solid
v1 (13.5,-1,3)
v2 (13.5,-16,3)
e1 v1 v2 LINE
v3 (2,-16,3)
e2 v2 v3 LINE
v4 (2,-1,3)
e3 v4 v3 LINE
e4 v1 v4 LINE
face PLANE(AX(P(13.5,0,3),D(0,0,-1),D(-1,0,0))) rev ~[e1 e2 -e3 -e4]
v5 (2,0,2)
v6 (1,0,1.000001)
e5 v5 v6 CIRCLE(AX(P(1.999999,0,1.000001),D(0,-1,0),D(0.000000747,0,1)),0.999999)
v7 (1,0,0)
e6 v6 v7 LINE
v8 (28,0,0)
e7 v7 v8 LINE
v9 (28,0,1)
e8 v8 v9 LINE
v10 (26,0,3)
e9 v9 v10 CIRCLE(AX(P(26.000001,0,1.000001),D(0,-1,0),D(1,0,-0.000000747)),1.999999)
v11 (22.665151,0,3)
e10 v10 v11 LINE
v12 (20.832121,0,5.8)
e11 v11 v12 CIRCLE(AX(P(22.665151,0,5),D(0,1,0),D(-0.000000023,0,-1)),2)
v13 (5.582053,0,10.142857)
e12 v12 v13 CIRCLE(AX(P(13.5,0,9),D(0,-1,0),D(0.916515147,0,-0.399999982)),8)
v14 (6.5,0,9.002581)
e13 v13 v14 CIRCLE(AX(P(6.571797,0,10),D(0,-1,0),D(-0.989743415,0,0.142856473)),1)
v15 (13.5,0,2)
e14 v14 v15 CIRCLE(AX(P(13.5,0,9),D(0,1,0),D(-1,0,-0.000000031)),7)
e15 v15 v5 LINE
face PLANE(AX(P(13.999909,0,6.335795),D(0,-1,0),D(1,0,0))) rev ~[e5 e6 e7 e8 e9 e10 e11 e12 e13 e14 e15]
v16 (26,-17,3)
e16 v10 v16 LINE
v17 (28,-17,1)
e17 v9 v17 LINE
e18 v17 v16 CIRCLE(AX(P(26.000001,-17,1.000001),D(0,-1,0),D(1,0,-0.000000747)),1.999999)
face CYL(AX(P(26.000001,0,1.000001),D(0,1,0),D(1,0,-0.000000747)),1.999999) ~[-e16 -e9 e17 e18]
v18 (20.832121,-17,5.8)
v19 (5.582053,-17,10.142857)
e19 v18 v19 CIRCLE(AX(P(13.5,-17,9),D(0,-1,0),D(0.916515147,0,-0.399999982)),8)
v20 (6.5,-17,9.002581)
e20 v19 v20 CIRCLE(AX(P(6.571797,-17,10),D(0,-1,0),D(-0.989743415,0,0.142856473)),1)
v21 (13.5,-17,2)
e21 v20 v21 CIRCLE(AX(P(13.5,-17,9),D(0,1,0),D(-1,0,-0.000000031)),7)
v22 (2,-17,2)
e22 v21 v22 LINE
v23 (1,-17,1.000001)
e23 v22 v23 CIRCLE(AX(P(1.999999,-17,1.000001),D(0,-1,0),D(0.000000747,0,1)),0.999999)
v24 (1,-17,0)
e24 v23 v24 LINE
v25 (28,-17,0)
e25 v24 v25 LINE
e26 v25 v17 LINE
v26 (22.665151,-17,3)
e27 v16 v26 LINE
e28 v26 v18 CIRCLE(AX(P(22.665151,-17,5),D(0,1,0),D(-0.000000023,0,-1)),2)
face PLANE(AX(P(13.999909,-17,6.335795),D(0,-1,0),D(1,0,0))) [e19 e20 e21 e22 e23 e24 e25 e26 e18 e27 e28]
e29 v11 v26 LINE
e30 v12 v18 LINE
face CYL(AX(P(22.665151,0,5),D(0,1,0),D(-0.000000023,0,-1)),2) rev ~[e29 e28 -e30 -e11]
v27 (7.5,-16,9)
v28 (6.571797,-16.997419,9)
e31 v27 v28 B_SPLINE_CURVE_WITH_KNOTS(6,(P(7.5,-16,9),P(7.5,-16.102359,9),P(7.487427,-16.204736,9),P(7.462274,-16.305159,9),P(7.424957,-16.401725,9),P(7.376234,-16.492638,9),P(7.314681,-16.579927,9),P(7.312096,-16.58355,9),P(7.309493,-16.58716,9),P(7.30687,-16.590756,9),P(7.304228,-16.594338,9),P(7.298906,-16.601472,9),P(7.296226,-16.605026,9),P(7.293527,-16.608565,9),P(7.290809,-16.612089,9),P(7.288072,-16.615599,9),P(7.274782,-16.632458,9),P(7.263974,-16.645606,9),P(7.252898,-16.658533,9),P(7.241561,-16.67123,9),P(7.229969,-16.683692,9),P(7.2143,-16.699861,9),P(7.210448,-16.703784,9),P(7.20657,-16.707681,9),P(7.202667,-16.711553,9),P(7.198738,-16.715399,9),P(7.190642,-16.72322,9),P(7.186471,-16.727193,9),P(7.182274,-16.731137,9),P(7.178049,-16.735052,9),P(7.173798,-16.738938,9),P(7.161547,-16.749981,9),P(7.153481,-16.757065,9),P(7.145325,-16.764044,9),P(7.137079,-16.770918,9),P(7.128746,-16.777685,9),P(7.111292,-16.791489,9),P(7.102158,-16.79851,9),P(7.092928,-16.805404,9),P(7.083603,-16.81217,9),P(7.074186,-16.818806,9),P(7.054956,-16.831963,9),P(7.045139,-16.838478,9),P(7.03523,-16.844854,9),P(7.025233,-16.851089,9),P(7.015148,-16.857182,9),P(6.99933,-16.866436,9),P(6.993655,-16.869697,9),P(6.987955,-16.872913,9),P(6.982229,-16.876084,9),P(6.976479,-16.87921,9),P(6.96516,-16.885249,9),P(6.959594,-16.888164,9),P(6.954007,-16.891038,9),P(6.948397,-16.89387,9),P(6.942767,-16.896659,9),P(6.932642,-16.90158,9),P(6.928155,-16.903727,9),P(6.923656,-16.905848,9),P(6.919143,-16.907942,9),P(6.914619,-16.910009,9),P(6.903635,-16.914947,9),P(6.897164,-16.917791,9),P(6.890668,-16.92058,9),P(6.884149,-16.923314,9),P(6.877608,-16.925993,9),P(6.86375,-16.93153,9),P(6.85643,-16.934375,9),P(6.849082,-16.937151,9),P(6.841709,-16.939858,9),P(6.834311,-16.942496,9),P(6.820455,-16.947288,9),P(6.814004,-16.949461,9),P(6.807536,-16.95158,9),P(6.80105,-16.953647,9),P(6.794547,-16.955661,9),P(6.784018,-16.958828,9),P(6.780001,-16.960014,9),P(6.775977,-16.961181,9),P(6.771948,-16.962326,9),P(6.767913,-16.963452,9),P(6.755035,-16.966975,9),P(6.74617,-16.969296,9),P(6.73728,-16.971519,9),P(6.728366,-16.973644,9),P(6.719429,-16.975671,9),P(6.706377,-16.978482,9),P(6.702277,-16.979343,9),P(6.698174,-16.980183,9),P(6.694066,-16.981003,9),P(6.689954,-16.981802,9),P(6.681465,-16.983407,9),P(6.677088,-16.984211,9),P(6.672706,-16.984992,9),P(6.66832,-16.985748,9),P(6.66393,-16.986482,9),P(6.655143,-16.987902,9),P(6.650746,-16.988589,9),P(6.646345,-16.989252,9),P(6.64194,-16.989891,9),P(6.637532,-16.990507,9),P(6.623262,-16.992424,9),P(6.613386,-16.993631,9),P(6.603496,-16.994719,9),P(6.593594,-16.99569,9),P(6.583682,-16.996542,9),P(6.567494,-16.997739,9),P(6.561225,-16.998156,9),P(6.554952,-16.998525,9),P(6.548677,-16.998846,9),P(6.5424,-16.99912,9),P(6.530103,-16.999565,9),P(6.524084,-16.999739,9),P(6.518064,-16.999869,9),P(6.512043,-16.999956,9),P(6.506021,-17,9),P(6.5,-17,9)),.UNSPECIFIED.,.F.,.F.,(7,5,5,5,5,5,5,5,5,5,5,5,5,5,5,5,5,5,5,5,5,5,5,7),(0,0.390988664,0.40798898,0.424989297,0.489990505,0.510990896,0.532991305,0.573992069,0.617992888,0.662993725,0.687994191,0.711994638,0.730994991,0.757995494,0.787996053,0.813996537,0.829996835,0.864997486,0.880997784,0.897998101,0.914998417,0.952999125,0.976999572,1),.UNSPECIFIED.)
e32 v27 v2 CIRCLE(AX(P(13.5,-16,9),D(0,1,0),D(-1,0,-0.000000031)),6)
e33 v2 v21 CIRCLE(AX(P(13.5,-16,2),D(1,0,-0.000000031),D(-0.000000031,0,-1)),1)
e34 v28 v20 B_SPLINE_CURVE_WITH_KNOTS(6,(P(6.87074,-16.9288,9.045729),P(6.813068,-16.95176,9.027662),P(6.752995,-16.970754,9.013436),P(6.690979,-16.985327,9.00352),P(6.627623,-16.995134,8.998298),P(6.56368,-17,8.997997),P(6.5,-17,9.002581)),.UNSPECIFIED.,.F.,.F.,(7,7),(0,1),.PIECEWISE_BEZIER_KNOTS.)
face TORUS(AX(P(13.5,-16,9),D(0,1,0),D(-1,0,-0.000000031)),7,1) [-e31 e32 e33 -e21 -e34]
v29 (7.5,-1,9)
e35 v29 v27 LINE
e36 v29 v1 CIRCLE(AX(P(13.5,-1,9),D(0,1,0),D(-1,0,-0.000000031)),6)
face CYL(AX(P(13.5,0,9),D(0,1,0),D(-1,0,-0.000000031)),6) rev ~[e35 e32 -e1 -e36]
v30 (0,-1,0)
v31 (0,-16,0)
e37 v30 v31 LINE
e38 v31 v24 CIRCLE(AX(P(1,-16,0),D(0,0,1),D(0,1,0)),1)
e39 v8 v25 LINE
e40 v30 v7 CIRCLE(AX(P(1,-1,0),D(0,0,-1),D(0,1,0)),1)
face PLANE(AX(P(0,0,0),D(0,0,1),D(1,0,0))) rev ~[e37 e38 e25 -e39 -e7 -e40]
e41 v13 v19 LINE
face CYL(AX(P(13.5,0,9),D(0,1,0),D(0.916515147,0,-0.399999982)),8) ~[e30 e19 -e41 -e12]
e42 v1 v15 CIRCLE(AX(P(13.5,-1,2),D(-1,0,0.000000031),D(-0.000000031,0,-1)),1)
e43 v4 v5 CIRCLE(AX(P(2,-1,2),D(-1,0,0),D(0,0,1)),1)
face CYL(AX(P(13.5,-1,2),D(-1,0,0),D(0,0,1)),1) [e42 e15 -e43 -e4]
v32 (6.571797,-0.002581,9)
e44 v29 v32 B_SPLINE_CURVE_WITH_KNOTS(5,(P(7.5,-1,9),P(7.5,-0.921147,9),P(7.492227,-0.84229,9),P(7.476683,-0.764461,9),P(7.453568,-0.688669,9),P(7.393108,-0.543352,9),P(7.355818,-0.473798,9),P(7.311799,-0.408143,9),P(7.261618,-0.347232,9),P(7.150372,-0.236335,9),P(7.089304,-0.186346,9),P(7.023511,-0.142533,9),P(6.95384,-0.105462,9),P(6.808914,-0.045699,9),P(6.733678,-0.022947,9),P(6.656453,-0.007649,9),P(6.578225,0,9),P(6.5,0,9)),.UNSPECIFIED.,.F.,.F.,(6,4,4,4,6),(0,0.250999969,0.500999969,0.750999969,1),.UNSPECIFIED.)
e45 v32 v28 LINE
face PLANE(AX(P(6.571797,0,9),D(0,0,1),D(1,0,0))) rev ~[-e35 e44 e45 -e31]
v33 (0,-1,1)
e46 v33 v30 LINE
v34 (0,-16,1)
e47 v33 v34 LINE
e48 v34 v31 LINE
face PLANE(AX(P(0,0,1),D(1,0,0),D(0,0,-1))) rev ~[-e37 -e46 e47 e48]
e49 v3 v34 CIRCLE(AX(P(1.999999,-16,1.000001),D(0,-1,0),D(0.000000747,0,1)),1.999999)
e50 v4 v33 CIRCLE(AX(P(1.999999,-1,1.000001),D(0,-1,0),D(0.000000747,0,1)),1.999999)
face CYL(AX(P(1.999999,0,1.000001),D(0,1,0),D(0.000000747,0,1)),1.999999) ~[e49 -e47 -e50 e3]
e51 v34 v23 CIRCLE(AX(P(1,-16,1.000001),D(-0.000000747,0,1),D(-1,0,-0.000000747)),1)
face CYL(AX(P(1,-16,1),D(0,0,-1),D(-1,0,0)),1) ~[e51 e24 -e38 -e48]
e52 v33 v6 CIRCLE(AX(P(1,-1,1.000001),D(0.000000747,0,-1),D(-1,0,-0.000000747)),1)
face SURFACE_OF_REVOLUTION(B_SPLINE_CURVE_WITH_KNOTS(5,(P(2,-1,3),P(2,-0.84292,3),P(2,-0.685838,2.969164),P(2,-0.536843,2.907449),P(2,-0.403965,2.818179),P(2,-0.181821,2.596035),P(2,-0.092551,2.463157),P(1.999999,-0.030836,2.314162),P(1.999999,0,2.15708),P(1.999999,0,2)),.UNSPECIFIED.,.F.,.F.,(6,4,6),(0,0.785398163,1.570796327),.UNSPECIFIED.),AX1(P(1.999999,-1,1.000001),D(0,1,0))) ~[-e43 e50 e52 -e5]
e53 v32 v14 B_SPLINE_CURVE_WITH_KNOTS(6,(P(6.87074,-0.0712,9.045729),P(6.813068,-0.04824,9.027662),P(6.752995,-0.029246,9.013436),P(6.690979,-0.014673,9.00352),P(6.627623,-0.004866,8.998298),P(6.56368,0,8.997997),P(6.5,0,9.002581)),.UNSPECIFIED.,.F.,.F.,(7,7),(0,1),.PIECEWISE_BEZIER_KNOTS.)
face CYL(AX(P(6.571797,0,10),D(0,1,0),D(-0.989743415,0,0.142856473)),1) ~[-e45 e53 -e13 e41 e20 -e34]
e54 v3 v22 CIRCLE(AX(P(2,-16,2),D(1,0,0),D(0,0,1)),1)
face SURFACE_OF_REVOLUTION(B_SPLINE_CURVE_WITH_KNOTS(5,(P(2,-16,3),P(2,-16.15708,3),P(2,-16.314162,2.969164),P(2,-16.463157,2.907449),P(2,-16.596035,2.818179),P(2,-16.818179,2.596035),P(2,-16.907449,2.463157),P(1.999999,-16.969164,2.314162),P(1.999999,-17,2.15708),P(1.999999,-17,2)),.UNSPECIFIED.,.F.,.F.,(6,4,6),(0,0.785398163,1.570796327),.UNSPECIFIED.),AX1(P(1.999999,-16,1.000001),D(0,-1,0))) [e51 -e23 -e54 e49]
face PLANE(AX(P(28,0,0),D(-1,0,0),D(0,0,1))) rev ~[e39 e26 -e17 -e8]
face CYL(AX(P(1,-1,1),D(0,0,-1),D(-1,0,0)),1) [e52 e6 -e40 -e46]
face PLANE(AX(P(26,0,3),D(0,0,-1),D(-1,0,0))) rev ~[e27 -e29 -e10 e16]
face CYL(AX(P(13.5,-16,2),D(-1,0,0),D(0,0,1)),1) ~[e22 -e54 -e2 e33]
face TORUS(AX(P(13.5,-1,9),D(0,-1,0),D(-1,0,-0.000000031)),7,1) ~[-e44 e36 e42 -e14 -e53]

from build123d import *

# Parameters (mm, degrees)
F1_DEPTH = 17
F2_R     = 1


with BuildPart() as f1:
    # F0 (on Front) → F1 (new body)
    with BuildSketch(Plane.XZ):
        with BuildLine():
            ThreePointArc((7.5, 9), (17.742641, 13.242641), (13.5, 3))
            Line((13.5, 3), (2, 3))
            ThreePointArc((2, 3), (0.585786, 2.414214), (0, 1))
            Line((0, 1), (0, 0))
            Line((0, 0), (28, 0))
            Line((28, 0), (28, 1))
            ThreePointArc((28, 1), (27.414214, 2.414214), (26, 3))
            Line((26, 3), (22.665151, 3))
            ThreePointArc((22.665151, 3), (20.991831, 3.904555), (20.832121, 5.8))
            ThreePointArc((20.832121, 5.8), (15.691096, 16.694095), (5.582053, 10.142857))
            ThreePointArc((5.582053, 10.142857), (5.815868, 9.345346), (6.571797, 9))
            Line((6.571797, 9), (7.5, 9))
        make_face()
    extrude(amount=F1_DEPTH)

    # F2
    f2_edges = [f1.edges().sort_by_distance(p)[0] for p in [
        (7.75, 0, 3),
        (17.742641, -17, 13.242641),
    ]]
    fillet(f2_edges, radius=F2_R)


solid = f1.part
